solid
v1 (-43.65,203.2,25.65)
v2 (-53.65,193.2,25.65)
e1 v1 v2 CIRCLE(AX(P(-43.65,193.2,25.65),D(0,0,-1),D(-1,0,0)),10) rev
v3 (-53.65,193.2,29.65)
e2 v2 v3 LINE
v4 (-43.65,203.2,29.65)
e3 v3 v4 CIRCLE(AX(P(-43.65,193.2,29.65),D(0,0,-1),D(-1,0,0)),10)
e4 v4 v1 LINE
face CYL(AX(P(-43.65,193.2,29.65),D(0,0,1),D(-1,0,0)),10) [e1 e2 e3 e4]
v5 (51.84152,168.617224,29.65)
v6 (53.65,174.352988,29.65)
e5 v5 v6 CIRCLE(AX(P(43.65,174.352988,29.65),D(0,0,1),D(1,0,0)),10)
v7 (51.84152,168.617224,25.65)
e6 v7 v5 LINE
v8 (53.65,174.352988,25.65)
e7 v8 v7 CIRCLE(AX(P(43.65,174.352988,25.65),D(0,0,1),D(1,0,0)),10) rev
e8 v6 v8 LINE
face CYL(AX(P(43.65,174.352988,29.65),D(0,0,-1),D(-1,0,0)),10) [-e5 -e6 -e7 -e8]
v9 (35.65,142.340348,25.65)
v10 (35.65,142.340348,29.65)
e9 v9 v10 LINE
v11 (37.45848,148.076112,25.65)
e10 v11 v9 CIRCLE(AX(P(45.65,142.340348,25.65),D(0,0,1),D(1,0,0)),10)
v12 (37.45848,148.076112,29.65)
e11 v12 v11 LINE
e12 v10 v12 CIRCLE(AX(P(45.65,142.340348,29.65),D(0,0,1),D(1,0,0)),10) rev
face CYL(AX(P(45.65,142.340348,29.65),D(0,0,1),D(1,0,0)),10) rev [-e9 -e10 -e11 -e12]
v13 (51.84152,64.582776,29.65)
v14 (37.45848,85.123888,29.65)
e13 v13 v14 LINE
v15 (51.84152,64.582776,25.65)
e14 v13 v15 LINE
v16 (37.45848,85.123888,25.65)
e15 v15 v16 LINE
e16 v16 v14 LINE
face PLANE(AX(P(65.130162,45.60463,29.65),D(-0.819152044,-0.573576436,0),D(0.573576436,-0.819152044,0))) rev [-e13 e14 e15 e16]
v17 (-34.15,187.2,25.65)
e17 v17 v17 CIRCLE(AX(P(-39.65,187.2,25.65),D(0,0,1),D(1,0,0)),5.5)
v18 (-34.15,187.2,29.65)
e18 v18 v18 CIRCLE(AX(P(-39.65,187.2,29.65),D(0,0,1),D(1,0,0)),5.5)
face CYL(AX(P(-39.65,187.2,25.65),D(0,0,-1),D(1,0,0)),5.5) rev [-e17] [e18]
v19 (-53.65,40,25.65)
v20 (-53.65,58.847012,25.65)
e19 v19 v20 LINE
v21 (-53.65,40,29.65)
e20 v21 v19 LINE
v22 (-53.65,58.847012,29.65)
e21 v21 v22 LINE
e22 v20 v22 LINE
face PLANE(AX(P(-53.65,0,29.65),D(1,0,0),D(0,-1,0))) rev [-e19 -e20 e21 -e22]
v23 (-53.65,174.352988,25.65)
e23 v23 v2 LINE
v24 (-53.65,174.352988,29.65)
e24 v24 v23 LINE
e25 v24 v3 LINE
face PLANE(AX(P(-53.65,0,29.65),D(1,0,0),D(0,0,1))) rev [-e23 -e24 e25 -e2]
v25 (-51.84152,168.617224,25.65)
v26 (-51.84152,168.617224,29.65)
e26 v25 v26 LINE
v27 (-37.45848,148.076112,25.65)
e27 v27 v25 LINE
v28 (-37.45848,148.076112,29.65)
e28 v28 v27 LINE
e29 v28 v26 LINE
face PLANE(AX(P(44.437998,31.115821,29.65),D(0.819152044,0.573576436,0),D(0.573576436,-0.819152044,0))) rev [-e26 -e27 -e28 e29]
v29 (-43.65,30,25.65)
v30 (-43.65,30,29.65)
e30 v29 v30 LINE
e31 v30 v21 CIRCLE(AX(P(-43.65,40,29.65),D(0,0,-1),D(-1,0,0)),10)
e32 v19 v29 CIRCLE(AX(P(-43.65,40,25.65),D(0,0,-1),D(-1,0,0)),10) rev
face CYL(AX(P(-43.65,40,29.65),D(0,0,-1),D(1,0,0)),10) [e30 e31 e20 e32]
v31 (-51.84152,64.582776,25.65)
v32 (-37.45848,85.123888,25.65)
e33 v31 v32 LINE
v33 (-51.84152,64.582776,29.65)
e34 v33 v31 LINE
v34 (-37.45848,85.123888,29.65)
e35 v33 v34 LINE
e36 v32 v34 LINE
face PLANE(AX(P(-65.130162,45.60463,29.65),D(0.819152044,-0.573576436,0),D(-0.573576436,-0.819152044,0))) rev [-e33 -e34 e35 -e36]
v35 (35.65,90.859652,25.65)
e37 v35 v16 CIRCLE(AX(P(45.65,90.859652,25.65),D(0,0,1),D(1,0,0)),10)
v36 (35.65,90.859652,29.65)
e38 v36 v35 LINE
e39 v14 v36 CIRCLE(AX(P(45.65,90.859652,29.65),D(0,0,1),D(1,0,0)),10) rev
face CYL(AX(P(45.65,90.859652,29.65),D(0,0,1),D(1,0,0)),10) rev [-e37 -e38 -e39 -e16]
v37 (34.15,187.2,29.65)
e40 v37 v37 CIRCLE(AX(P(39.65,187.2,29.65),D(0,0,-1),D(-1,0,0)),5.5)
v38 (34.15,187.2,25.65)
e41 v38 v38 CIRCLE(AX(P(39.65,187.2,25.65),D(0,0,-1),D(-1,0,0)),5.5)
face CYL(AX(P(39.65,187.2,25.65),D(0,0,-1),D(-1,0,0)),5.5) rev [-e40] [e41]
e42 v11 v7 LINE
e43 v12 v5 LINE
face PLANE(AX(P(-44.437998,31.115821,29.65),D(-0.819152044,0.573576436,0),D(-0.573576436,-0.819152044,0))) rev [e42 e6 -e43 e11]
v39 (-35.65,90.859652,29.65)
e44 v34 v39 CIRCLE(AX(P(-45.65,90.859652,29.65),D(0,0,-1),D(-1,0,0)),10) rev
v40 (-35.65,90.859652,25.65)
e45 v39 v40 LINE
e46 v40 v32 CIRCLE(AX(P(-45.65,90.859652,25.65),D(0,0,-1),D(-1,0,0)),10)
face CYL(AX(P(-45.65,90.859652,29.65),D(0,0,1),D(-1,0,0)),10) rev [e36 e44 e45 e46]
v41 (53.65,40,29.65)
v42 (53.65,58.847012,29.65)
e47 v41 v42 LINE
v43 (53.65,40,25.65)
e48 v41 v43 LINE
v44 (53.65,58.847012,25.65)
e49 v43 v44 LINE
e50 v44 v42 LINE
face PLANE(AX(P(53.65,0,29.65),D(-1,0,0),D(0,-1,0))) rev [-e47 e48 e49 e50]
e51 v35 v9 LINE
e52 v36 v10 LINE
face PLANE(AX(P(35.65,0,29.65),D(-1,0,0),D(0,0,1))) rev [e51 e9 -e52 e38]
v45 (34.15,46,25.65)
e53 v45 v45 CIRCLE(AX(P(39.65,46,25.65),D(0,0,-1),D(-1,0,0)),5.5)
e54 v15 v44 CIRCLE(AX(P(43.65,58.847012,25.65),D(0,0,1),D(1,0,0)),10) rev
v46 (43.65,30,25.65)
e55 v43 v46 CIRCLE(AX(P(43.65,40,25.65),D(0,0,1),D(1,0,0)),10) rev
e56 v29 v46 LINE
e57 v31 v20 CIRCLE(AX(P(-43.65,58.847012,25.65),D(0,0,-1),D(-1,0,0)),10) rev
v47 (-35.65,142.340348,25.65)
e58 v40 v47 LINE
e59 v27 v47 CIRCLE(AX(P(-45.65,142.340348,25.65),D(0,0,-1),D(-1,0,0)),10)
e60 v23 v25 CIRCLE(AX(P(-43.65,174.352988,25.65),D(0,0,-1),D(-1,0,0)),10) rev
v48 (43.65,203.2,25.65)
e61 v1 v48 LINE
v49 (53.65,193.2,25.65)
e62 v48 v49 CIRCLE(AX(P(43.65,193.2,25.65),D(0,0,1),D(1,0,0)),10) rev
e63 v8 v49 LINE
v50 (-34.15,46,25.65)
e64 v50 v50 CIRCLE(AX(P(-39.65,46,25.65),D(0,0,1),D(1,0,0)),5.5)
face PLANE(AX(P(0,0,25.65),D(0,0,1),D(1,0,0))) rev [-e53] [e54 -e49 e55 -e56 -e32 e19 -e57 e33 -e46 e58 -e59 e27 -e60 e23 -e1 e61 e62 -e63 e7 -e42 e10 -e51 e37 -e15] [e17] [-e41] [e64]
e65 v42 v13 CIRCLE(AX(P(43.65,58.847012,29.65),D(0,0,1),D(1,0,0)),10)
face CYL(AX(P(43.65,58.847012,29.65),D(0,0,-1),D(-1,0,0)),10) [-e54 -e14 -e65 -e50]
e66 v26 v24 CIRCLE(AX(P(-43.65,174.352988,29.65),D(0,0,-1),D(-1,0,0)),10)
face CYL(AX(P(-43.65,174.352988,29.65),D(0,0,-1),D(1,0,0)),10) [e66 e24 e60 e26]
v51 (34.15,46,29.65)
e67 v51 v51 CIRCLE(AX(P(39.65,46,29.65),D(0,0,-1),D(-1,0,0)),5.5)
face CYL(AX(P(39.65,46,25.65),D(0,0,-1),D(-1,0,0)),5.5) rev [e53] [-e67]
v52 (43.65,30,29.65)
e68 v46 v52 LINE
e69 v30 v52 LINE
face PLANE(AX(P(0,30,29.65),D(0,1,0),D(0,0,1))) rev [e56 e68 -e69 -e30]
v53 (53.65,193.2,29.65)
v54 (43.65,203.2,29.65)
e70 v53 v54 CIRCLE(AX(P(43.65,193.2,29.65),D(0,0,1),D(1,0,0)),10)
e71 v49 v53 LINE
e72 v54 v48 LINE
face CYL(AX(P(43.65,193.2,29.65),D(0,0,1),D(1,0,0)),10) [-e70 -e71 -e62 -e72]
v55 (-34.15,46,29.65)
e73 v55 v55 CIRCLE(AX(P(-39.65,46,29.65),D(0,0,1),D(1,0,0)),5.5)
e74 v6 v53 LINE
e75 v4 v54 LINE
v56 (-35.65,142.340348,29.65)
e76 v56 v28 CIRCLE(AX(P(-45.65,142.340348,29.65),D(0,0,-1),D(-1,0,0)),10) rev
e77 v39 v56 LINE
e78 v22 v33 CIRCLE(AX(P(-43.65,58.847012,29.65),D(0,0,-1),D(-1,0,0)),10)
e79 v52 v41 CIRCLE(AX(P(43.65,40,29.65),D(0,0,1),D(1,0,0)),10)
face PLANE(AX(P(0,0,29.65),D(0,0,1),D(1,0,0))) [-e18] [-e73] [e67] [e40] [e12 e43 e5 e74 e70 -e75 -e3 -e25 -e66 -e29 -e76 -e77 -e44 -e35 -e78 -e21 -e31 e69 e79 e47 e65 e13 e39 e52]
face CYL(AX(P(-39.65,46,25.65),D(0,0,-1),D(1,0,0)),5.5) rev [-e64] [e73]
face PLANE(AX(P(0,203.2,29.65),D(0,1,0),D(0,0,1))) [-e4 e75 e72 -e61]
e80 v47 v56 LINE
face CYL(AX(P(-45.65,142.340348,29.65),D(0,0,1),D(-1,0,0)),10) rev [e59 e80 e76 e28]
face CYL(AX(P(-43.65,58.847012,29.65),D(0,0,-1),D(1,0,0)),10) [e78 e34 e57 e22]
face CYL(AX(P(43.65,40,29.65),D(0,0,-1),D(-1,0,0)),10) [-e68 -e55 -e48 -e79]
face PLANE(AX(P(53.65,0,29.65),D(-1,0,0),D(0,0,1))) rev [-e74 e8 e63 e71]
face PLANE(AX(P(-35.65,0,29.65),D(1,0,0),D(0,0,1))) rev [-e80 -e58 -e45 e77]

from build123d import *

# Parameters (mm, degrees)
SKETCH12_W                     = 4.57134
SKETCH12_H                     = 203.2
BOSS_EXTRUDE1_START            = -173.2
BOSS_EXTRUDE1_DEPTH            = 173.2
BOSS_EXTRUDE2_DEPTH            = 4
SKETCH29_W                     = 5.5
SKETCH29_H                     = 4
M10_CLEARANCE_HOLE1_AT_2_COUNT = 2
M10_CLEARANCE_HOLE1_AT_2_PITCH = 141.2
FILLET1_R                      = 10
MIRROR1_COPY_1_SKETCH_W        = 5.5
MIRROR1_COPY_1_SKETCH_H        = 4
FILLET1_OF_MIRROR1_R           = 10


with BuildPart() as part:
    # Sketch12 → Revolve1 (revolve)
    with BuildSketch(Plane.XY, mode=Mode.PRIVATE) as revolve1_sk:
        with Locations((-23.36433, 101.6)):
            Rectangle(SKETCH12_W, SKETCH12_H)
    revolve(revolve1_sk.sketch.rotate(Axis((0, 0, 0), (0, 1, 0)), 270), axis=Axis((0, 0, 0), (0, 1, 0)))

    # Sketch14 → Boss-Extrude1 (add)
    with BuildSketch(Plane(origin=(0, 30, 0), x_dir=(-1, 0, 0), z_dir=(0, -1, 0)).offset(BOSS_EXTRUDE1_START)):
        with BuildLine():
            Line((-25.65, 0), (-25.65, -25.65))
            Line((-25.65, -25.65), (1.5e-08, -25.65))
            ThreePointArc((1.5e-08, -25.65), (-18.137288932, -18.137288943), (-25.65, 0))
        make_face()
        with BuildLine():
            ThreePointArc((25.65, 0), (18.137288943, -18.137288932), (1.5e-08, -25.65))
            Line((1.5e-08, -25.65), (25.65, -25.65))
            Line((25.65, -25.65), (25.65, 0))
        make_face()
    extrude(amount=BOSS_EXTRUDE1_DEPTH)


with BuildPart() as body_2:
    # Sketch27 → Boss-Extrude2 (new body)
    with BuildSketch(Plane.XY.offset(25.65)):
        Polygon((53.65, 203.2), (-25.65, 203.2), (-25.65, 30), (53.65, 30), (53.65, 62), (35.65, 87.706664121), (35.65, 145.493335879), (53.65, 171.2), align=None)
    boss_extrude2 = extrude(amount=BOSS_EXTRUDE2_DEPTH)

    # Sketch29 → M10 Clearance Hole1 (revolve, cut)
    with BuildSketch(Plane(origin=(39.65, 46, 25.65), x_dir=(0, 1, 0), z_dir=(1, 0, 0))):
        with Locations((2.75, 2)):
            Rectangle(SKETCH29_W, SKETCH29_H)
    m10_clearance_hole1 = revolve(axis=Axis((39.65, 46, 19.3), (0, 0, 1)), mode=Mode.SUBTRACT)

    # M10 Clearance Hole1 at 2: M10 Clearance Hole1 ×2
    with Locations(*[(0, i * M10_CLEARANCE_HOLE1_AT_2_PITCH, 0) for i in range(1, M10_CLEARANCE_HOLE1_AT_2_COUNT)]):
        add(m10_clearance_hole1, mode=Mode.SUBTRACT)

    # Fillet1
    fillet1_edges = [body_2.edges().sort_by_distance(p)[0] for p in [
        (53.65, 203.2, 27.65),
        (53.65, 171.2, 27.65),
        (35.65, 145.493335879, 27.65),
        (35.65, 87.706664121, 27.65),
        (53.65, 62, 27.65),
        (53.65, 30, 27.65),
    ]]
    fillet(fillet1_edges, radius=FILLET1_R)

    # Mirror1: Boss-Extrude2, M10 Clearance Hole1 across plane
    add(boss_extrude2.mirror(Plane(origin=(0, 0, 0), x_dir=(0, 0, 1), z_dir=(1, 0, 0))))
    add(m10_clearance_hole1.mirror(Plane(origin=(0, 0, 0), x_dir=(0, 0, 1), z_dir=(1, 0, 0))), mode=Mode.SUBTRACT)

    # Mirror1 copy 1 sketch → Mirror1 copy 1 (revolve, cut)
    with BuildSketch(Plane(origin=(-39.65, 187.2, 25.65), x_dir=(0, 1, 0), z_dir=(-1, 0, 0))):
        with Locations((2.75, -2)):
            Rectangle(MIRROR1_COPY_1_SKETCH_W, MIRROR1_COPY_1_SKETCH_H)
    revolve(axis=Axis((-39.65, 187.2, 19.3), (0, 0, -1)), mode=Mode.SUBTRACT)

    # Fillet1 of Mirror1
    fillet1_of_mirror1_edges = [body_2.edges().sort_by_distance(p)[0] for p in [
        (-53.65, 203.2, 27.65),
        (-53.65, 171.2, 27.65),
        (-35.65, 145.493335879, 27.65),
        (-35.65, 87.706664121, 27.65),
        (-53.65, 62, 27.65),
        (-53.65, 30, 27.65),
    ]]
    fillet(fillet1_of_mirror1_edges, radius=FILLET1_OF_MIRROR1_R)


solid = body_2.part
